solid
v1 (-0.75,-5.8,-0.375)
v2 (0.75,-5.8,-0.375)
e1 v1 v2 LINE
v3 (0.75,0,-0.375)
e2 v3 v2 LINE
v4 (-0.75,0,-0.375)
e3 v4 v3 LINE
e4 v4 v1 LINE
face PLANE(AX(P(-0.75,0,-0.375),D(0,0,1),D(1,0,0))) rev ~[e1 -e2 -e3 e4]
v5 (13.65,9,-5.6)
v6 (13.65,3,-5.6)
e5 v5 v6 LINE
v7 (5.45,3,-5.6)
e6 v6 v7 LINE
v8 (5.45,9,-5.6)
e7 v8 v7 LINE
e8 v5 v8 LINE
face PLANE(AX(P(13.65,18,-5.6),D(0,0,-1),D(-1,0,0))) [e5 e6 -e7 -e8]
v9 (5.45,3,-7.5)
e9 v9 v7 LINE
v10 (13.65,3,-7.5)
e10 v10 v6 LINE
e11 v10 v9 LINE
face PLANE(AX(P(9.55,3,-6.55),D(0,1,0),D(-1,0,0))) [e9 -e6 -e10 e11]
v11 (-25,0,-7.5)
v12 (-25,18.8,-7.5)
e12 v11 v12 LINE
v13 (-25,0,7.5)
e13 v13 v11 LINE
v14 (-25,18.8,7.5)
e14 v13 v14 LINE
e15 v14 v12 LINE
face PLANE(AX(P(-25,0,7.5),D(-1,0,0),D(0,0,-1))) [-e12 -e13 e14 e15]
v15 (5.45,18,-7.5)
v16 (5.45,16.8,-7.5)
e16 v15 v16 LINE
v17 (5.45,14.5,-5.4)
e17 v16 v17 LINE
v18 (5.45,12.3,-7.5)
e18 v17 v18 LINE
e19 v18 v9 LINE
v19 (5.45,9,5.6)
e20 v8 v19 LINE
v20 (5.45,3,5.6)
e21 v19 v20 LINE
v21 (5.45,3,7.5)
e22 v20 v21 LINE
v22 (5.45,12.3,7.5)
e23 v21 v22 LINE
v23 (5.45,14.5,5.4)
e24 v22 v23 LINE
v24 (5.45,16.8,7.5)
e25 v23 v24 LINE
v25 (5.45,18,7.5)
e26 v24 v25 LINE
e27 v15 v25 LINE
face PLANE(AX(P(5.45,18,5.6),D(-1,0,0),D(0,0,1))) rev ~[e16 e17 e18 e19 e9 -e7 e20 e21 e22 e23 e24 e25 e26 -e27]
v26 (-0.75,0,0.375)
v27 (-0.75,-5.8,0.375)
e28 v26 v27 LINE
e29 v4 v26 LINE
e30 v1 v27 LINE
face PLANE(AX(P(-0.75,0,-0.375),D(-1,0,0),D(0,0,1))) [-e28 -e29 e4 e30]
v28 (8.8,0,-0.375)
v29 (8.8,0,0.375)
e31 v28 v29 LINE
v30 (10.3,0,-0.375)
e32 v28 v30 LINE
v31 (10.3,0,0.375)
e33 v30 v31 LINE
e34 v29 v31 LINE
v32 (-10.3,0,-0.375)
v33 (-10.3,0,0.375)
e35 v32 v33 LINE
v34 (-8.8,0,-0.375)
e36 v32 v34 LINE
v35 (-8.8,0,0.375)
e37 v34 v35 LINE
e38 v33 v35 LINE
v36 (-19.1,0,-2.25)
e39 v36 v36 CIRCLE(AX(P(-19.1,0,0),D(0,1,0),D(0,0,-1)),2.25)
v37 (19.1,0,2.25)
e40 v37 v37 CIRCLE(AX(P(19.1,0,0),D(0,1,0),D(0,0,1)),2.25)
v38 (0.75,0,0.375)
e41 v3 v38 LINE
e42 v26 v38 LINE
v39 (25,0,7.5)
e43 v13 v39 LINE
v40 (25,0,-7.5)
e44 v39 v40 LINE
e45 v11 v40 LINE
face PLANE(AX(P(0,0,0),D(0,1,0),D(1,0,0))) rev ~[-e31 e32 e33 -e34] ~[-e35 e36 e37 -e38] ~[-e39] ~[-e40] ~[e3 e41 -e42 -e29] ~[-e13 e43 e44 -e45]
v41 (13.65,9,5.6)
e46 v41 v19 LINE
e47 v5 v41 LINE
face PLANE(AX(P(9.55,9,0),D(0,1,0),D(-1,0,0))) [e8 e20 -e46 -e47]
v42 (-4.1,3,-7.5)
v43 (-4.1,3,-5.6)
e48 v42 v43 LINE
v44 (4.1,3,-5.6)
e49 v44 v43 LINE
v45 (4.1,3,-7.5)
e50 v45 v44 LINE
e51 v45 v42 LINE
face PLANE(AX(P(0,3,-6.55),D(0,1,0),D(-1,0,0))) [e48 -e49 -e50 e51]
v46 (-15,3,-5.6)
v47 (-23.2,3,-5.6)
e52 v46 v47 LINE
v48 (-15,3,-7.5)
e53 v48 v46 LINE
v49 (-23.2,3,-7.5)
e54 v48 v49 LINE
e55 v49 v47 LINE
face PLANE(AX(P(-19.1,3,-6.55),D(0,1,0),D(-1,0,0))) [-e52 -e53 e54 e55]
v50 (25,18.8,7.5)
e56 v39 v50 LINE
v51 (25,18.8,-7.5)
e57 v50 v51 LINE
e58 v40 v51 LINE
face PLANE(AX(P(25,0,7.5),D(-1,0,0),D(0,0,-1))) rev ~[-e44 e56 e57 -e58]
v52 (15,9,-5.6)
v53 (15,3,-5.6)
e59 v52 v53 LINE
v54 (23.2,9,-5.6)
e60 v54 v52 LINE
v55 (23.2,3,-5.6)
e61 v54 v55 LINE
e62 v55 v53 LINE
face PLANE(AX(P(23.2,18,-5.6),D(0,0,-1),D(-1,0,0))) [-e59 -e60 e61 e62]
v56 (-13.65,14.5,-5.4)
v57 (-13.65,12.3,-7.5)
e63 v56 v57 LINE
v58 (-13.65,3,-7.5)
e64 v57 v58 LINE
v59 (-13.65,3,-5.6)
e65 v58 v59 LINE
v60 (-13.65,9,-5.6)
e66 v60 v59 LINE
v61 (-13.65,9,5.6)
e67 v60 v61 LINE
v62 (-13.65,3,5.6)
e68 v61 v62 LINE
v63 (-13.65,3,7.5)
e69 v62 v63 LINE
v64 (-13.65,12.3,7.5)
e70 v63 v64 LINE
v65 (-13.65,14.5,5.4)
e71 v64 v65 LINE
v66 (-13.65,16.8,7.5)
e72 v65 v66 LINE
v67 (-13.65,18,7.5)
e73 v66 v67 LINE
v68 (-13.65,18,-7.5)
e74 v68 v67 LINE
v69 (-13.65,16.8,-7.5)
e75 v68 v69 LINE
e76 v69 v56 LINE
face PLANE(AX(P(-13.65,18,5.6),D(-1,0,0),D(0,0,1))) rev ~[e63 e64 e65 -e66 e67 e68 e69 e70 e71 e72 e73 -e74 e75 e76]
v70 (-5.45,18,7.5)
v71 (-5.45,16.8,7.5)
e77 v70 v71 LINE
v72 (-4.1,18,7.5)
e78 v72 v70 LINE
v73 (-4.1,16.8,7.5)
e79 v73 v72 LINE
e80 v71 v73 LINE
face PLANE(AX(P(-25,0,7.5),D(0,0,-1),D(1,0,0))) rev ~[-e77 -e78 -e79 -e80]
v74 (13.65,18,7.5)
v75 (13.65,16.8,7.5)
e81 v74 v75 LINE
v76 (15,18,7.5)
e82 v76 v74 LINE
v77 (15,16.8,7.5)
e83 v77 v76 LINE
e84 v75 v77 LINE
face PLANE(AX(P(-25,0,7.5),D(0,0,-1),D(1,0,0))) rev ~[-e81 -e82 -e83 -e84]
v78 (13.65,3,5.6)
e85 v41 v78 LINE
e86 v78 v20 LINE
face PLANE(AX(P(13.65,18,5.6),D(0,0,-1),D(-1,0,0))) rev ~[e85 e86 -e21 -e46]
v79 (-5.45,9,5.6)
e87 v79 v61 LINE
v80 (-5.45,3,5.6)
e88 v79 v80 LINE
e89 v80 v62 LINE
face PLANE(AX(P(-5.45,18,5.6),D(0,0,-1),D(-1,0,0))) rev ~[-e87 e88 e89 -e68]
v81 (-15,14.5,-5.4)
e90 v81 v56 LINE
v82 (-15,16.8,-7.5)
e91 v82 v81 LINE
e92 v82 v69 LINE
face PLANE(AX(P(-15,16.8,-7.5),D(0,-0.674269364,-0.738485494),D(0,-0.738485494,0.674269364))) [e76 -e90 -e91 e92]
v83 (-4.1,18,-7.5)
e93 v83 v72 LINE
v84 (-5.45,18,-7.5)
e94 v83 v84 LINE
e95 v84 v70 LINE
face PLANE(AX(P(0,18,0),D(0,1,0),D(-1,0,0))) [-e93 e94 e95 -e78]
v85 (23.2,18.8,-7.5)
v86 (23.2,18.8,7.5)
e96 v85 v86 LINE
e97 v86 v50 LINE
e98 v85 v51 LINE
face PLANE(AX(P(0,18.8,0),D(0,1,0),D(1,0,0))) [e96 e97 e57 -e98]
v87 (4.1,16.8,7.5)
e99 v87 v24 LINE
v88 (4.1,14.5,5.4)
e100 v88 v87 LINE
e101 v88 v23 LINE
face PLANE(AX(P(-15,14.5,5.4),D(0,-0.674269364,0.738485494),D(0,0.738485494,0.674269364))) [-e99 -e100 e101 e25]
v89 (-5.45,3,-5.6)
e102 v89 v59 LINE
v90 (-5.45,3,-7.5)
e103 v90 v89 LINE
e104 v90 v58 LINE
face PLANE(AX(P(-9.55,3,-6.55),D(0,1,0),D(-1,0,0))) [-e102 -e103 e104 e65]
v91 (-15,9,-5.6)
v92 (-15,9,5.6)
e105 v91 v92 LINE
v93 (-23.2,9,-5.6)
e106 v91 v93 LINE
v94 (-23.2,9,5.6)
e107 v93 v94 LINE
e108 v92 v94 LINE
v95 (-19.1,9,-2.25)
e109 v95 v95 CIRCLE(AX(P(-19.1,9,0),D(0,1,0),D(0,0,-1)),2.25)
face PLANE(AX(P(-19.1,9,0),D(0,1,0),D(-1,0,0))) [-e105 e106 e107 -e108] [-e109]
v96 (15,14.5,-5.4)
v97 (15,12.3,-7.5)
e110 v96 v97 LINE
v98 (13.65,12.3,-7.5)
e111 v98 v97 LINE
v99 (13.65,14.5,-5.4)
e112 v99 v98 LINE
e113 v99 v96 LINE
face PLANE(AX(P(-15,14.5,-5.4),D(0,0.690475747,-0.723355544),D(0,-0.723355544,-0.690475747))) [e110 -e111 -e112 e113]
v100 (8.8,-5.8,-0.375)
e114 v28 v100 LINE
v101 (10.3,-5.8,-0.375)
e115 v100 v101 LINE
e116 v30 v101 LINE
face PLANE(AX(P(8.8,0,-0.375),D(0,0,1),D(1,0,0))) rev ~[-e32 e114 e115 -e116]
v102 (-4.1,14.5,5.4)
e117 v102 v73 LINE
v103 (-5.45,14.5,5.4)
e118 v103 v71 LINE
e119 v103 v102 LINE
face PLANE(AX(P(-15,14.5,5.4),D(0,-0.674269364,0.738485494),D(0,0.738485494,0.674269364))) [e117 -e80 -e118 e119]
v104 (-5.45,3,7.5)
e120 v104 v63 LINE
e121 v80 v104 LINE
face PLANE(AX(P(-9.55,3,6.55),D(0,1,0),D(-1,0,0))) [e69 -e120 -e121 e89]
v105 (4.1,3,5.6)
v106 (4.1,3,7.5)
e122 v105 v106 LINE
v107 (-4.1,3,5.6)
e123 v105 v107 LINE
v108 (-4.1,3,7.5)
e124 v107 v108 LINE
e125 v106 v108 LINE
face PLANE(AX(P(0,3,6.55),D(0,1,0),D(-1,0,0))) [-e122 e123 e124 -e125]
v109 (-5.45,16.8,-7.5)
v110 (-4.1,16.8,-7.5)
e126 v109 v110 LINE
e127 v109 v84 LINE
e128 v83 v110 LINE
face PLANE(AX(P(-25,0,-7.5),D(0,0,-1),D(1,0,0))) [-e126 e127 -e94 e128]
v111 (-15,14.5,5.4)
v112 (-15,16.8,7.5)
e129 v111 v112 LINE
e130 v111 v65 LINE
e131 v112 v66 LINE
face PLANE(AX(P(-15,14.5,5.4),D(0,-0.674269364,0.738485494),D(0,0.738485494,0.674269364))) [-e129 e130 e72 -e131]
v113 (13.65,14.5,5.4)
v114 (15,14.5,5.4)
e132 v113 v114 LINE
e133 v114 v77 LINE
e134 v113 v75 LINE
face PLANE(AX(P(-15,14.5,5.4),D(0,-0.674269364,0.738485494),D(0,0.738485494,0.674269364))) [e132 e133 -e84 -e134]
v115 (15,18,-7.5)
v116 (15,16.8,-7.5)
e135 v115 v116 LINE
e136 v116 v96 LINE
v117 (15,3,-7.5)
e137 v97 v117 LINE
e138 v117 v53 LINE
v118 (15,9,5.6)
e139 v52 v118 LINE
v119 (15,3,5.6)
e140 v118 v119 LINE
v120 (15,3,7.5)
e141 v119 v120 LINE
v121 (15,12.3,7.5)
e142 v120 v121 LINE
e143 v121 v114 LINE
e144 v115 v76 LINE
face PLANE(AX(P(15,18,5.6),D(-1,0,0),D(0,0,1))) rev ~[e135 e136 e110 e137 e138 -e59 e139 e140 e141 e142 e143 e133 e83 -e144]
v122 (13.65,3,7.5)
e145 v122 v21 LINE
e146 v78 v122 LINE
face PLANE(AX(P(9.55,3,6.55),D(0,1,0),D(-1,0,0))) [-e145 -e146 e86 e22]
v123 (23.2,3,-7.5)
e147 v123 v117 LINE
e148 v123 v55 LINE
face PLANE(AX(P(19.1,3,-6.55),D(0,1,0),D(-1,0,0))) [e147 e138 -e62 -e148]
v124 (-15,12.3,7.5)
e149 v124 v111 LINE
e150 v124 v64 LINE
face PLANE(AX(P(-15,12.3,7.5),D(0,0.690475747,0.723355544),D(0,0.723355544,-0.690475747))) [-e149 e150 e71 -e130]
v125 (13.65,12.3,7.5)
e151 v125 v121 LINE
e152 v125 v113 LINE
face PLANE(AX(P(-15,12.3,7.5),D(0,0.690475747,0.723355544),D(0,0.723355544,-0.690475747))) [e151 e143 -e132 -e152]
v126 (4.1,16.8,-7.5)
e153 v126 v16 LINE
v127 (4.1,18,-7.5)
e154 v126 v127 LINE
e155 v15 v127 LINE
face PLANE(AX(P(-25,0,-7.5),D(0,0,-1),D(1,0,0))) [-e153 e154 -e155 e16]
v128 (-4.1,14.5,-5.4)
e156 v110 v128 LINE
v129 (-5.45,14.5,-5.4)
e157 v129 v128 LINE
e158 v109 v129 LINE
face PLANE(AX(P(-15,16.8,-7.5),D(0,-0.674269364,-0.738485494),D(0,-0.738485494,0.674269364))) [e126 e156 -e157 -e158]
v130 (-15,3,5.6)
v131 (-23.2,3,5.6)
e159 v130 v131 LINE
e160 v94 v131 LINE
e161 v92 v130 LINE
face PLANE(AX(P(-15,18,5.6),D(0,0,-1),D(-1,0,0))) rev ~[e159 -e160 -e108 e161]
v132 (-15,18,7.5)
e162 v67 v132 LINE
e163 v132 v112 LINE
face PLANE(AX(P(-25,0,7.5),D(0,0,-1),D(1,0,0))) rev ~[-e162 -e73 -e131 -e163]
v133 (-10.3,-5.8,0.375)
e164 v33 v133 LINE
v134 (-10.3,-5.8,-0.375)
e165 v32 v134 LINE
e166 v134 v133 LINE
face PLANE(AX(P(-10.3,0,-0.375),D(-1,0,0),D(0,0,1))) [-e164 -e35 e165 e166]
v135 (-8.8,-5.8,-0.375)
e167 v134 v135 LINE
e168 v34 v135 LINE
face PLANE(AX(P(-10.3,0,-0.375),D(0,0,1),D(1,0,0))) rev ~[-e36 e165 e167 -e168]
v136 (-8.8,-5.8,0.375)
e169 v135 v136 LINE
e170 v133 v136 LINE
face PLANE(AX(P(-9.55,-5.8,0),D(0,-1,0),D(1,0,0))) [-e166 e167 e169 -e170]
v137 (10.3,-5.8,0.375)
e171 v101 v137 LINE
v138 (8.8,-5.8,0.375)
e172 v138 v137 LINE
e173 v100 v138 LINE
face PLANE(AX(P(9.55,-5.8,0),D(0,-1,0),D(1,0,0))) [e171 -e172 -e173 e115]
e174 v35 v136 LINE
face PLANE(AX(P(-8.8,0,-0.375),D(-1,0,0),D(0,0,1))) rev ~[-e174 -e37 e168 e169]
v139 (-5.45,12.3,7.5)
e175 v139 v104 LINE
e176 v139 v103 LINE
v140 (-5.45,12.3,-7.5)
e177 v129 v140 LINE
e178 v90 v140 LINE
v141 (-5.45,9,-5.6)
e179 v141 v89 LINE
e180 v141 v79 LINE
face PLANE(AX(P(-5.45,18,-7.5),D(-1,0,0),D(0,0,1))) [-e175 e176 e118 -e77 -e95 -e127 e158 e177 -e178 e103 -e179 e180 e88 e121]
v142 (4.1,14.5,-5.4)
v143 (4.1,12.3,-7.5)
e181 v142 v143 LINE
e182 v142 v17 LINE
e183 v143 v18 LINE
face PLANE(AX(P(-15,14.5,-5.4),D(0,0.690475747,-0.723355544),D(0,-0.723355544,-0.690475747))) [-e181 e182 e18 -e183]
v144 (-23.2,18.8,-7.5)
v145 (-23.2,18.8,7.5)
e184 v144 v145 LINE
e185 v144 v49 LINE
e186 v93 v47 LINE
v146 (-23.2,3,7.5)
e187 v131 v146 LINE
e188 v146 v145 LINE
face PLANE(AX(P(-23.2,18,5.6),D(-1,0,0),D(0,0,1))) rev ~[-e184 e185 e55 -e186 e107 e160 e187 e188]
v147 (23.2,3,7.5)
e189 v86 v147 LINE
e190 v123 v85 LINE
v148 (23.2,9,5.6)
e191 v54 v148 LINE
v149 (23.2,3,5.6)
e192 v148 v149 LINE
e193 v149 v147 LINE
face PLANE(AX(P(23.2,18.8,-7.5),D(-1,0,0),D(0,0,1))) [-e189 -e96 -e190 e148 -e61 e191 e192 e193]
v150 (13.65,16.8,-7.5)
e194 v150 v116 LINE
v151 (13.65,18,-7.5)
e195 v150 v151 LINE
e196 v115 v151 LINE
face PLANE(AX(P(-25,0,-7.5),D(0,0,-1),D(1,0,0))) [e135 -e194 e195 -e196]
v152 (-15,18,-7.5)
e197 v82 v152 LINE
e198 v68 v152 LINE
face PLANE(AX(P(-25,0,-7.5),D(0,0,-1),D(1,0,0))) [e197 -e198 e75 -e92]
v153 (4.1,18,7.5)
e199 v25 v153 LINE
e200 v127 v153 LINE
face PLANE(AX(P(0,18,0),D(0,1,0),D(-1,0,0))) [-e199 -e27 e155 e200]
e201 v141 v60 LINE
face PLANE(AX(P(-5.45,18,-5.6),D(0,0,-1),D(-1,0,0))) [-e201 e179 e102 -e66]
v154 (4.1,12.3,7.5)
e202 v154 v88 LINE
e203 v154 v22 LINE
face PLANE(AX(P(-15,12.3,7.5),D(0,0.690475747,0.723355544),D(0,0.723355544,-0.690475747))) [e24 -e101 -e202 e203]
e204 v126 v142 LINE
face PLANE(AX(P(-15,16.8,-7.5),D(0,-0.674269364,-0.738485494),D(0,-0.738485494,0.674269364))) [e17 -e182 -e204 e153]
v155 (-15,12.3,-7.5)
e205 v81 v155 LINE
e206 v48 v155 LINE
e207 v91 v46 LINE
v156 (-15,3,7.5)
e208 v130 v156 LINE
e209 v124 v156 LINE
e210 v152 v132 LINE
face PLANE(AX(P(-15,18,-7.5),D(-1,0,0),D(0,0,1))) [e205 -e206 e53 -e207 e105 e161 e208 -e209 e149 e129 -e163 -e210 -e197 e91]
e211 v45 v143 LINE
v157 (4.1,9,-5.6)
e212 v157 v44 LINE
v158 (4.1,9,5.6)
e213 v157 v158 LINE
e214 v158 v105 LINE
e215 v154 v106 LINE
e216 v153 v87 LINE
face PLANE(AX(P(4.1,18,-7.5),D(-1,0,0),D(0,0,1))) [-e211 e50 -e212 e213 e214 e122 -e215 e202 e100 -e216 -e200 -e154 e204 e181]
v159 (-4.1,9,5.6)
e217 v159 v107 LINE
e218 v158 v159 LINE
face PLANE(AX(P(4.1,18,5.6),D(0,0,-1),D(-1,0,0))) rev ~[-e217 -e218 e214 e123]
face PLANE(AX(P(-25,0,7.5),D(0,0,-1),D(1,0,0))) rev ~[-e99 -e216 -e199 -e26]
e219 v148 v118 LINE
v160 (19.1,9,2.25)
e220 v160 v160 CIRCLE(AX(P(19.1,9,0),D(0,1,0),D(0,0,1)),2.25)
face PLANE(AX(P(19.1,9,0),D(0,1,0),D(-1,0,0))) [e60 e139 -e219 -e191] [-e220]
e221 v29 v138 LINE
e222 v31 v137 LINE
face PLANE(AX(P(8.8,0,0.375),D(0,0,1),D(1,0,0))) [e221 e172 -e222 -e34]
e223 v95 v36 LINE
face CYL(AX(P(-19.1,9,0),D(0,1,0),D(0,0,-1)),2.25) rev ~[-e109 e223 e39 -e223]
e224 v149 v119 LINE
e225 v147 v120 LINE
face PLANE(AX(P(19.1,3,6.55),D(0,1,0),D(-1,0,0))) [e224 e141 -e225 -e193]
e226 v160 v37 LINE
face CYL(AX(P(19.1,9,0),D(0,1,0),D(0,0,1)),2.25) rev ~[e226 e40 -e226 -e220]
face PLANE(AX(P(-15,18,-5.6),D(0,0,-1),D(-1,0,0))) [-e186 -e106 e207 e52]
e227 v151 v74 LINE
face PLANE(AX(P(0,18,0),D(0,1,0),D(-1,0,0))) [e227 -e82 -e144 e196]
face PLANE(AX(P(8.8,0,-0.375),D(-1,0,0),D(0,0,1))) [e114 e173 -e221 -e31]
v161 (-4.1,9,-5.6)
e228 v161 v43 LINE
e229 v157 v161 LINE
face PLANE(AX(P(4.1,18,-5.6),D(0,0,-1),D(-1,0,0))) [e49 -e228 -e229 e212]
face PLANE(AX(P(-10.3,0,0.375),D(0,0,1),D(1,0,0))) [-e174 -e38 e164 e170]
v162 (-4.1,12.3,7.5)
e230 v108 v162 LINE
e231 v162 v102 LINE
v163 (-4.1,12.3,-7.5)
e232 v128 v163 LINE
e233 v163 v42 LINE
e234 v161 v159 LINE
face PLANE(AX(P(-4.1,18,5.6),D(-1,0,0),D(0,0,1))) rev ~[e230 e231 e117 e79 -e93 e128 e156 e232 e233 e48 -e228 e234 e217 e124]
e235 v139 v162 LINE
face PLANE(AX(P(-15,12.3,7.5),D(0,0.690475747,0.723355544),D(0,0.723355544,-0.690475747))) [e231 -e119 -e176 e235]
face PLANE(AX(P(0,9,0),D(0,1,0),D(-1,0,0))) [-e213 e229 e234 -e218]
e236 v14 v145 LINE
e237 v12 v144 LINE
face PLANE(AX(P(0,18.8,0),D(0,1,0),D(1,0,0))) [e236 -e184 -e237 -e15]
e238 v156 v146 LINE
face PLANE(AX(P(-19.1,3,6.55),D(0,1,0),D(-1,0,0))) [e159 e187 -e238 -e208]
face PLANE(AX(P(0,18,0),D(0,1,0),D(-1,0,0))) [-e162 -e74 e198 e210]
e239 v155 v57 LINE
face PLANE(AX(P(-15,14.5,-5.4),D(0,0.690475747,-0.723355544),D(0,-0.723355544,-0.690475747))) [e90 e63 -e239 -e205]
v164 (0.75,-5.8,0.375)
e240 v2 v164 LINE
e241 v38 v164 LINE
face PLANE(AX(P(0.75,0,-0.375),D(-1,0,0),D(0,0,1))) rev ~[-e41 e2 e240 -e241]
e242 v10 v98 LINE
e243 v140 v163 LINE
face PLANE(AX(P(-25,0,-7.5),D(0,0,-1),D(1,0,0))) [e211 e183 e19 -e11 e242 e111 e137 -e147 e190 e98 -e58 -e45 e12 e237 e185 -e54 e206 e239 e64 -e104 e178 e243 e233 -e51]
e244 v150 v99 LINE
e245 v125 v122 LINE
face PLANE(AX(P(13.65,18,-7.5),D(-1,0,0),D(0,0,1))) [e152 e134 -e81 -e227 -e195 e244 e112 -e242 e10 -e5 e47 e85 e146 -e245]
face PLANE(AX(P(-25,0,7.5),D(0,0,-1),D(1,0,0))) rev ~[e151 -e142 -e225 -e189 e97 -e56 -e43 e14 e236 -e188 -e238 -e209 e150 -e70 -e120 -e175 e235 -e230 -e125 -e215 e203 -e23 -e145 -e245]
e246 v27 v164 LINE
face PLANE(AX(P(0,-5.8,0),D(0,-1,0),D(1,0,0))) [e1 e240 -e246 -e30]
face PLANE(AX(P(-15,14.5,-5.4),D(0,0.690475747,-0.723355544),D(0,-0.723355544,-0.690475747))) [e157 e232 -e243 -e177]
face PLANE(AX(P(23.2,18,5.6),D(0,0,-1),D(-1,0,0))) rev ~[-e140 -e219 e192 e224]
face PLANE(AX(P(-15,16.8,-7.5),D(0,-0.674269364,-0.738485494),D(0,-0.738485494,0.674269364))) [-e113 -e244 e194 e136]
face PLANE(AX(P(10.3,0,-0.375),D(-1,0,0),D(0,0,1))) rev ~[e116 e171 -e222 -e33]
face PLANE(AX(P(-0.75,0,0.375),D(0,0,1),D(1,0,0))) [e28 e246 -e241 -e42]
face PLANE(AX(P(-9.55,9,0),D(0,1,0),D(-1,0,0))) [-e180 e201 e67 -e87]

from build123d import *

# Parameters (mm, degrees)
SKETCH_1_W          = 50
SKETCH_1_H          = 15
EXTRUDE_1_DEPTH     = 18.8
SKETCH_2_W          = 46.4
SKETCH_2_H          = 15
CUT_EXTRUDE_1_DEPTH = 0.8
SKETCH_4_W          = 8.2
SKETCH_4_H          = 15
CUT_EXTRUDE_2_DEPTH = 9
SKETCH_5_W          = 8.2
SKETCH_5_H          = 1.9
CUT_EXTRUDE_3_DEPTH = 15
SKETCH_6_W          = 1.5
SKETCH_6_H          = 0.75
EXTRUDE_2_DEPTH     = 5.8
SKETCH_7_R          = 2.25
CUT_EXTRUDE_4_DEPTH = 31.004832944
CUT_EXTRUDE_START   = -30
CUT_EXTRUDE_5_DEPTH = 30


with BuildPart() as part:
    # 草图1 → 拉伸1 (new body)
    with BuildSketch(Plane(origin=(0, 0, 0), x_dir=(1, 0, 0), z_dir=(0, 1, 0))):
        Rectangle(SKETCH_1_W, SKETCH_1_H)
    extrude(amount=EXTRUDE_1_DEPTH)

    # 草图2 → 切除-拉伸1 (cut)
    with BuildSketch(Plane(origin=(0, 18.8, 0), x_dir=(-1, 0, 0), z_dir=(0, 1, 0))):
        Rectangle(SKETCH_2_W, SKETCH_2_H)
    extrude(amount=-CUT_EXTRUDE_1_DEPTH, mode=Mode.SUBTRACT)

    # 草图4 → 切除-拉伸2 (cut)
    with BuildSketch(Plane(origin=(0, 18, 0), x_dir=(-1, 0, 0), z_dir=(0, 1, 0))):
        with Locations((-19.1, 0)):
            Rectangle(SKETCH_4_W, SKETCH_4_H)
        with Locations((-9.55, 0)):
            Rectangle(SKETCH_4_W, SKETCH_4_H)
        Rectangle(SKETCH_4_W, SKETCH_4_H)
        with Locations((9.55, 0)):
            Rectangle(SKETCH_4_W, SKETCH_4_H)
        with Locations((19.1, 0)):
            Rectangle(SKETCH_4_W, SKETCH_4_H)
    extrude(amount=-CUT_EXTRUDE_2_DEPTH, mode=Mode.SUBTRACT)

    # 草图5 → 切除-拉伸3 (cut)
    with BuildSketch(Plane(origin=(0, 18, 0), x_dir=(-1, 0, 0), z_dir=(0, 1, 0))):
        with Locations((19.1, -6.55)):
            Rectangle(SKETCH_5_W, SKETCH_5_H)
        with Locations((19.1, 6.55)):
            Rectangle(SKETCH_5_W, SKETCH_5_H)
        with Locations((9.55, -6.55)):
            Rectangle(SKETCH_5_W, SKETCH_5_H)
        with Locations((9.55, 6.55)):
            Rectangle(SKETCH_5_W, SKETCH_5_H)
        with Locations((0, -6.55)):
            Rectangle(SKETCH_5_W, SKETCH_5_H)
        with Locations((0, 6.55)):
            Rectangle(SKETCH_5_W, SKETCH_5_H)
        with Locations((-9.55, -6.55)):
            Rectangle(SKETCH_5_W, SKETCH_5_H)
        with Locations((-9.55, 6.55)):
            Rectangle(SKETCH_5_W, SKETCH_5_H)
        with Locations((-19.1, -6.55)):
            Rectangle(SKETCH_5_W, SKETCH_5_H)
        with Locations((-19.1, 6.55)):
            Rectangle(SKETCH_5_W, SKETCH_5_H)
    extrude(amount=-CUT_EXTRUDE_3_DEPTH, mode=Mode.SUBTRACT)

    # 草图6 → 拉伸2 (add)
    with BuildSketch(Plane.XZ):
        Rectangle(SKETCH_6_W, SKETCH_6_H)
        with Locations((9.55, 0)):
            Rectangle(SKETCH_6_W, SKETCH_6_H)
        with Locations((-9.55, 0)):
            Rectangle(SKETCH_6_W, SKETCH_6_H)
    extrude(amount=EXTRUDE_2_DEPTH)

    # 草图7 → 切除-拉伸4 (cut, through all)
    with BuildSketch(Plane(origin=(0, 9, 0), x_dir=(-1, 0, 0), z_dir=(0, 1, 0))):
        with Locations(Location((-19.1, 0, 0), (0, 0, 90))):
            Circle(SKETCH_7_R)
        with Locations(Location((19.1, 0, 0), (0, 0, 270))):
            Circle(SKETCH_7_R)
    extrude(amount=-CUT_EXTRUDE_4_DEPTH, mode=Mode.SUBTRACT)

    # 草图8 → 切除-拉伸5 (cut)
    with BuildSketch(Plane(origin=(15, 0, 0), x_dir=(0, 0, -1), z_dir=(1, 0, 0)).offset(CUT_EXTRUDE_START)):
        Polygon((7.5, 16.8), (5.4, 14.5), (7.5, 12.3), align=None)
        Polygon((-7.5, 16.8), (-7.5, 12.3), (-5.4, 14.5), align=None)
    extrude(amount=CUT_EXTRUDE_5_DEPTH, mode=Mode.SUBTRACT)


solid = part.part
